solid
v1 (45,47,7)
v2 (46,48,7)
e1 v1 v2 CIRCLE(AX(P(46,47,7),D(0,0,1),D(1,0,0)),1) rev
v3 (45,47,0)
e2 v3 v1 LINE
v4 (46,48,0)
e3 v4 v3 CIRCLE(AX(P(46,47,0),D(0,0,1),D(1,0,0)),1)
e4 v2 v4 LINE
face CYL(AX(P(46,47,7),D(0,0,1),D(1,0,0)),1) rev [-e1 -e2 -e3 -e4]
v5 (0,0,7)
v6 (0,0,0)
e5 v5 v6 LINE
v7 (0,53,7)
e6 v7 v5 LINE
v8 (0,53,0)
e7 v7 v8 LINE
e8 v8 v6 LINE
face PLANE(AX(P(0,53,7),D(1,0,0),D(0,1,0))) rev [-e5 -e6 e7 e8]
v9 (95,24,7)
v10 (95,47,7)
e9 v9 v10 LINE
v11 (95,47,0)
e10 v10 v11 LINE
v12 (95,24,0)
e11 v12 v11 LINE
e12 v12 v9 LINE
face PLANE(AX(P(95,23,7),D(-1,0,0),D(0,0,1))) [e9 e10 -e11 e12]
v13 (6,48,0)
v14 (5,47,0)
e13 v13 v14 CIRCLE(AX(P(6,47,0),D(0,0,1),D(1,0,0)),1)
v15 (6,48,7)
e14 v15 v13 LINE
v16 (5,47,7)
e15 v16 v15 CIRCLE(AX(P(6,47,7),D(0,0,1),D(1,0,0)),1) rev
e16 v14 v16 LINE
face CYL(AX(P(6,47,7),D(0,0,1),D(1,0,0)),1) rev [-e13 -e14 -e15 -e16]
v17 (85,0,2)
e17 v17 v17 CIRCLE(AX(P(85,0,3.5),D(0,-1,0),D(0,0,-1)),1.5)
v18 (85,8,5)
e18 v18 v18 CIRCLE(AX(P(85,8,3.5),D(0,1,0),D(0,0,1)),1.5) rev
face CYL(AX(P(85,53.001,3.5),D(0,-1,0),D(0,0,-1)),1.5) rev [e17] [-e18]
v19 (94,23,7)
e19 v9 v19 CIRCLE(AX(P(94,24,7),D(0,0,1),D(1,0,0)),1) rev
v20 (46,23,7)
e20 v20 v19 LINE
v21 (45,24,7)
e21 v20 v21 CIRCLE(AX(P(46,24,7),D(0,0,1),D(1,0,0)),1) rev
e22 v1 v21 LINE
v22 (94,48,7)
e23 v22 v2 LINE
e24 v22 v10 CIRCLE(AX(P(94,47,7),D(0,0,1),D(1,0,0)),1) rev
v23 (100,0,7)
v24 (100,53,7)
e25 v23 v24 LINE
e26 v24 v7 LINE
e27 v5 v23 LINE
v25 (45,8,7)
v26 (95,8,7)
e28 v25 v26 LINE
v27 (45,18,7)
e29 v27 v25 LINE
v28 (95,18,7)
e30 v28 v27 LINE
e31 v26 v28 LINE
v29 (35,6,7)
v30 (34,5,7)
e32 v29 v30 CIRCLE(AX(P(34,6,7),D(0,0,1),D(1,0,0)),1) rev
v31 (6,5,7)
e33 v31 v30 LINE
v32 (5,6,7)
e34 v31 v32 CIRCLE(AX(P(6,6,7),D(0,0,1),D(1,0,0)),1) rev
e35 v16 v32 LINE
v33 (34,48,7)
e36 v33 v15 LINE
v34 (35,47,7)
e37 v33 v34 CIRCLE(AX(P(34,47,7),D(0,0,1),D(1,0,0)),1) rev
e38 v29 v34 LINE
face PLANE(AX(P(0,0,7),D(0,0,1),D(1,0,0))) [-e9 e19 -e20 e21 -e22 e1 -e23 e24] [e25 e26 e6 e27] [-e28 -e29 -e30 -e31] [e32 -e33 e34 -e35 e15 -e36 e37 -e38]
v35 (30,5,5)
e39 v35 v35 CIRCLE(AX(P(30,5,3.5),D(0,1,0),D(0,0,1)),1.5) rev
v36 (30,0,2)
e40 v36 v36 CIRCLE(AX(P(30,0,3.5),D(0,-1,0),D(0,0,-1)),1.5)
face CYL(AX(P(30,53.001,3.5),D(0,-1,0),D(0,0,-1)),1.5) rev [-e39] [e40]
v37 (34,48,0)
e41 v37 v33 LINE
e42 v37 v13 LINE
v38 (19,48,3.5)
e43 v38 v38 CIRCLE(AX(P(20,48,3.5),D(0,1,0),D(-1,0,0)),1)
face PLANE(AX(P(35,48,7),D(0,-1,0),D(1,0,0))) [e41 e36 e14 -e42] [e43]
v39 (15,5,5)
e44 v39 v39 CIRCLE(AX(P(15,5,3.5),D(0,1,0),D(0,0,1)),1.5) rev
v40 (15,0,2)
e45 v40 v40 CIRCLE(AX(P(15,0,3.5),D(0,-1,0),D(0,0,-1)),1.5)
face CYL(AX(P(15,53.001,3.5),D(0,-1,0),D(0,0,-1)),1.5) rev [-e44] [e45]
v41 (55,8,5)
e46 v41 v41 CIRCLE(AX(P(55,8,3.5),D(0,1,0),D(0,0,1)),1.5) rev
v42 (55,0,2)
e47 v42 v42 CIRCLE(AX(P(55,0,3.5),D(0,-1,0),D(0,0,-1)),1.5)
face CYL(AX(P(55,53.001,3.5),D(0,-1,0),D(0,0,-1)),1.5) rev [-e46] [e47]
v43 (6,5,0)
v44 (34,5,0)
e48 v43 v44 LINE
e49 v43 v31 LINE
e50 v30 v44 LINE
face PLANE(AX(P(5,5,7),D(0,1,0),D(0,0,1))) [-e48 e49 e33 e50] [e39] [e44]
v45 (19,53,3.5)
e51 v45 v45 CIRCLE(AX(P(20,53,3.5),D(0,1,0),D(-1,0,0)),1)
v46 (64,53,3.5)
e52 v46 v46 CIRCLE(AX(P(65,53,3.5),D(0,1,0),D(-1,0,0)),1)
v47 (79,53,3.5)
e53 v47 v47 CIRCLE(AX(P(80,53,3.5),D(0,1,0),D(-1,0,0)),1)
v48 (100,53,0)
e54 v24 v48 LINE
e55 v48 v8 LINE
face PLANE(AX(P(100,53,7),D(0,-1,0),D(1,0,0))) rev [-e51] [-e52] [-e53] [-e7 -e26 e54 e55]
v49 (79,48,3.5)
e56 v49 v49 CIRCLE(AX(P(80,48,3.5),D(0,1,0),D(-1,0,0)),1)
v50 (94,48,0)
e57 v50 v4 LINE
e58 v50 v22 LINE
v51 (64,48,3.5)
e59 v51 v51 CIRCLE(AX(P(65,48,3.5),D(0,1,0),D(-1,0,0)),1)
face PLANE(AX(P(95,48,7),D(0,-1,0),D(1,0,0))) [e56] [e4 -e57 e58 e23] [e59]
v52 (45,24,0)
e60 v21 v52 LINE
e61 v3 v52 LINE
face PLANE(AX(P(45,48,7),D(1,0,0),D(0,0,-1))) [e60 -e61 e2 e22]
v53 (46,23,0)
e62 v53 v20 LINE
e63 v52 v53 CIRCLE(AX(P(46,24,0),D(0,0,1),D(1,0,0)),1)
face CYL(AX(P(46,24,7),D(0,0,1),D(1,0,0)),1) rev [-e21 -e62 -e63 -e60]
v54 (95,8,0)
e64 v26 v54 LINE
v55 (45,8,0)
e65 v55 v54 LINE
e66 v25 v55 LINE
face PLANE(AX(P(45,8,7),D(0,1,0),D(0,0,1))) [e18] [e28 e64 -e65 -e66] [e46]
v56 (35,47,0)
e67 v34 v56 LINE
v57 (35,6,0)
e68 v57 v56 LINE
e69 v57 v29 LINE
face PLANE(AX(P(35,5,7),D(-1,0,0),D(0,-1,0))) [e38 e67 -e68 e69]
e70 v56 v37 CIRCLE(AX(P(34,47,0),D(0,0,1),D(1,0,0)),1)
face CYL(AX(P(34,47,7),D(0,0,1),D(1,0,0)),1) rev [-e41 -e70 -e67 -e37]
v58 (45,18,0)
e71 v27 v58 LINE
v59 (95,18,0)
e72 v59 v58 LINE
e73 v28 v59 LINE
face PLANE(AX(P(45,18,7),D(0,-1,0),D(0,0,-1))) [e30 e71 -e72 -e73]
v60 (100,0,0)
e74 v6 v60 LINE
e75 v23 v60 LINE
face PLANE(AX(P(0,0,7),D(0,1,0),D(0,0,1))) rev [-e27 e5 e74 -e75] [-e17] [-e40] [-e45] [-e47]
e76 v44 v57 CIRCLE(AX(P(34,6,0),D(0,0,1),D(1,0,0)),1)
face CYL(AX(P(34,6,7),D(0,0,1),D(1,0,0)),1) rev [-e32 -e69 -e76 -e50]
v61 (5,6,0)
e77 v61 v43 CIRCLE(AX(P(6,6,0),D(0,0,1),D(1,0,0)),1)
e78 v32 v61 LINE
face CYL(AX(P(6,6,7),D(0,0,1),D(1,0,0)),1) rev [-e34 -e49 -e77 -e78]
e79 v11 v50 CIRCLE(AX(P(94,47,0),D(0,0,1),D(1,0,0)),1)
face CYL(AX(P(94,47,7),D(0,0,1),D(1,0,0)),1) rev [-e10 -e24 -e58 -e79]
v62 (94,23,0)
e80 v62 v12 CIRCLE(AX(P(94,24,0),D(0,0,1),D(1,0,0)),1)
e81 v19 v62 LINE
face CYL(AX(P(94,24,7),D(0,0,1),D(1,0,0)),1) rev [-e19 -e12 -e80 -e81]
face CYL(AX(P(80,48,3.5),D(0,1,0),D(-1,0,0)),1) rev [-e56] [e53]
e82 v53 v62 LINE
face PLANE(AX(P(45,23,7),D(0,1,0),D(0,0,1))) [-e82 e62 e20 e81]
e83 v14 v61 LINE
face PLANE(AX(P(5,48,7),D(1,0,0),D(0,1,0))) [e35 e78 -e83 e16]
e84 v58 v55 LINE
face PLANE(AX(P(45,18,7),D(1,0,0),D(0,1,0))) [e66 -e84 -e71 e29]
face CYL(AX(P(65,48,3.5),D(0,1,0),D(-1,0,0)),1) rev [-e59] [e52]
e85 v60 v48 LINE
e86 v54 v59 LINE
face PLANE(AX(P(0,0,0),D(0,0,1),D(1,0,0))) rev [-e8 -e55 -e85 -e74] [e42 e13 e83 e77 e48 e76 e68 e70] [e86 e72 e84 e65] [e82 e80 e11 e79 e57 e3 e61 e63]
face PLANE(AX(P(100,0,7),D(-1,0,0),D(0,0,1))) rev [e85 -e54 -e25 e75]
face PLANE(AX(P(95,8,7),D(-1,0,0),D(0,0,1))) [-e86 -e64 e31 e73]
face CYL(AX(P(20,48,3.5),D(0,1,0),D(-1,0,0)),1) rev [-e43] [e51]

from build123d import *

# Parameters (mm, degrees)
SKETCH_1_W          = 100
SKETCH_1_H          = 53
SKETCH_1_W_2        = 30
SKETCH_1_H_2        = 43
SKETCH_1_W_3        = 50
SKETCH_1_H_3        = 25
SKETCH_1_H_4        = 10
EXTRUDE_1_DEPTH     = 7
FILLET_1_R          = 1
CUT_EXTRUDE_2_REACH = 115.393
SKETCH_2_R          = 1.5
SKETCH_3_R          = 1
CUT_EXTRUDE_3_DEPTH = 5


with BuildPart() as part:
    # 草图1 → 凸台-拉伸1 (new body)
    with BuildSketch(Plane.XY):
        with Locations((50, 26.5)):
            Rectangle(SKETCH_1_W, SKETCH_1_H)
        with Locations((20, 26.5)):
            Rectangle(SKETCH_1_W_2, SKETCH_1_H_2, mode=Mode.SUBTRACT)
        with Locations((70, 35.5)):
            Rectangle(SKETCH_1_W_3, SKETCH_1_H_3, mode=Mode.SUBTRACT)
        with Locations((70, 13)):
            Rectangle(SKETCH_1_W_3, SKETCH_1_H_4, mode=Mode.SUBTRACT)
    extrude(amount=EXTRUDE_1_DEPTH)

    # 圆角1
    fillet_1_edges = [part.edges().sort_by_distance(p)[0] for p in [
        (35, 48, 3.5),
        (5, 48, 3.5),
        (5, 5, 3.5),
        (35, 5, 3.5),
        (95, 48, 3.5),
        (45, 48, 3.5),
        (45, 23, 3.5),
        (95, 23, 3.5),
    ]]
    fillet(fillet_1_edges, radius=FILLET_1_R)

    # 草图2 → 切除-拉伸2 (cut, up to next)
    with BuildSketch(Plane.XZ, mode=Mode.PRIVATE) as cut_extrude_2_sk1:
        with Locations(Location((15, 3.5, 0), (0, 0, 270))):
            Circle(SKETCH_2_R)
    cut_extrude_2_tool1 = extrude(cut_extrude_2_sk1.sketch, amount=-CUT_EXTRUDE_2_REACH, mode=Mode.PRIVATE) & part.part
    # 草图2 → 切除-拉伸2 (cut, up to next)
    with BuildSketch(Plane.XZ, mode=Mode.PRIVATE) as cut_extrude_2_sk2:
        with Locations(Location((85, 3.5, 0), (0, 0, 270))):
            Circle(SKETCH_2_R)
    cut_extrude_2_tool2 = extrude(cut_extrude_2_sk2.sketch, amount=-CUT_EXTRUDE_2_REACH, mode=Mode.PRIVATE) & part.part
    # 草图2 → 切除-拉伸2 (cut, up to next)
    with BuildSketch(Plane.XZ, mode=Mode.PRIVATE) as cut_extrude_2_sk3:
        with Locations(Location((55, 3.5, 0), (0, 0, 270))):
            Circle(SKETCH_2_R)
    cut_extrude_2_tool3 = extrude(cut_extrude_2_sk3.sketch, amount=-CUT_EXTRUDE_2_REACH, mode=Mode.PRIVATE) & part.part
    # 草图2 → 切除-拉伸2 (cut, up to next)
    with BuildSketch(Plane.XZ, mode=Mode.PRIVATE) as cut_extrude_2_sk4:
        with Locations(Location((30, 3.5, 0), (0, 0, 270))):
            Circle(SKETCH_2_R)
    cut_extrude_2_tool4 = extrude(cut_extrude_2_sk4.sketch, amount=-CUT_EXTRUDE_2_REACH, mode=Mode.PRIVATE) & part.part
    add(cut_extrude_2_tool1.solids().sort_by_distance((15, 0, 3.5))[0], mode=Mode.SUBTRACT)
    add(cut_extrude_2_tool2.solids().sort_by_distance((85, 0, 3.5))[0], mode=Mode.SUBTRACT)
    add(cut_extrude_2_tool3.solids().sort_by_distance((55, 0, 3.5))[0], mode=Mode.SUBTRACT)
    add(cut_extrude_2_tool4.solids().sort_by_distance((30, 0, 3.5))[0], mode=Mode.SUBTRACT)

    # 草图3 → 切除-拉伸3 (cut)
    with BuildSketch(Plane(origin=(0, 53, 0), x_dir=(1, 0, 0), z_dir=(0, 1, 0))):
        with Locations(Location((80, -3.5, 0), (0, 0, 180))):
            Circle(SKETCH_3_R)
        with Locations(Location((65, -3.5, 0), (0, 0, 180))):
            Circle(SKETCH_3_R)
        with Locations(Location((20, -3.5, 0), (0, 0, 180))):
            Circle(SKETCH_3_R)
    extrude(amount=-CUT_EXTRUDE_3_DEPTH, mode=Mode.SUBTRACT)


solid = part.part
